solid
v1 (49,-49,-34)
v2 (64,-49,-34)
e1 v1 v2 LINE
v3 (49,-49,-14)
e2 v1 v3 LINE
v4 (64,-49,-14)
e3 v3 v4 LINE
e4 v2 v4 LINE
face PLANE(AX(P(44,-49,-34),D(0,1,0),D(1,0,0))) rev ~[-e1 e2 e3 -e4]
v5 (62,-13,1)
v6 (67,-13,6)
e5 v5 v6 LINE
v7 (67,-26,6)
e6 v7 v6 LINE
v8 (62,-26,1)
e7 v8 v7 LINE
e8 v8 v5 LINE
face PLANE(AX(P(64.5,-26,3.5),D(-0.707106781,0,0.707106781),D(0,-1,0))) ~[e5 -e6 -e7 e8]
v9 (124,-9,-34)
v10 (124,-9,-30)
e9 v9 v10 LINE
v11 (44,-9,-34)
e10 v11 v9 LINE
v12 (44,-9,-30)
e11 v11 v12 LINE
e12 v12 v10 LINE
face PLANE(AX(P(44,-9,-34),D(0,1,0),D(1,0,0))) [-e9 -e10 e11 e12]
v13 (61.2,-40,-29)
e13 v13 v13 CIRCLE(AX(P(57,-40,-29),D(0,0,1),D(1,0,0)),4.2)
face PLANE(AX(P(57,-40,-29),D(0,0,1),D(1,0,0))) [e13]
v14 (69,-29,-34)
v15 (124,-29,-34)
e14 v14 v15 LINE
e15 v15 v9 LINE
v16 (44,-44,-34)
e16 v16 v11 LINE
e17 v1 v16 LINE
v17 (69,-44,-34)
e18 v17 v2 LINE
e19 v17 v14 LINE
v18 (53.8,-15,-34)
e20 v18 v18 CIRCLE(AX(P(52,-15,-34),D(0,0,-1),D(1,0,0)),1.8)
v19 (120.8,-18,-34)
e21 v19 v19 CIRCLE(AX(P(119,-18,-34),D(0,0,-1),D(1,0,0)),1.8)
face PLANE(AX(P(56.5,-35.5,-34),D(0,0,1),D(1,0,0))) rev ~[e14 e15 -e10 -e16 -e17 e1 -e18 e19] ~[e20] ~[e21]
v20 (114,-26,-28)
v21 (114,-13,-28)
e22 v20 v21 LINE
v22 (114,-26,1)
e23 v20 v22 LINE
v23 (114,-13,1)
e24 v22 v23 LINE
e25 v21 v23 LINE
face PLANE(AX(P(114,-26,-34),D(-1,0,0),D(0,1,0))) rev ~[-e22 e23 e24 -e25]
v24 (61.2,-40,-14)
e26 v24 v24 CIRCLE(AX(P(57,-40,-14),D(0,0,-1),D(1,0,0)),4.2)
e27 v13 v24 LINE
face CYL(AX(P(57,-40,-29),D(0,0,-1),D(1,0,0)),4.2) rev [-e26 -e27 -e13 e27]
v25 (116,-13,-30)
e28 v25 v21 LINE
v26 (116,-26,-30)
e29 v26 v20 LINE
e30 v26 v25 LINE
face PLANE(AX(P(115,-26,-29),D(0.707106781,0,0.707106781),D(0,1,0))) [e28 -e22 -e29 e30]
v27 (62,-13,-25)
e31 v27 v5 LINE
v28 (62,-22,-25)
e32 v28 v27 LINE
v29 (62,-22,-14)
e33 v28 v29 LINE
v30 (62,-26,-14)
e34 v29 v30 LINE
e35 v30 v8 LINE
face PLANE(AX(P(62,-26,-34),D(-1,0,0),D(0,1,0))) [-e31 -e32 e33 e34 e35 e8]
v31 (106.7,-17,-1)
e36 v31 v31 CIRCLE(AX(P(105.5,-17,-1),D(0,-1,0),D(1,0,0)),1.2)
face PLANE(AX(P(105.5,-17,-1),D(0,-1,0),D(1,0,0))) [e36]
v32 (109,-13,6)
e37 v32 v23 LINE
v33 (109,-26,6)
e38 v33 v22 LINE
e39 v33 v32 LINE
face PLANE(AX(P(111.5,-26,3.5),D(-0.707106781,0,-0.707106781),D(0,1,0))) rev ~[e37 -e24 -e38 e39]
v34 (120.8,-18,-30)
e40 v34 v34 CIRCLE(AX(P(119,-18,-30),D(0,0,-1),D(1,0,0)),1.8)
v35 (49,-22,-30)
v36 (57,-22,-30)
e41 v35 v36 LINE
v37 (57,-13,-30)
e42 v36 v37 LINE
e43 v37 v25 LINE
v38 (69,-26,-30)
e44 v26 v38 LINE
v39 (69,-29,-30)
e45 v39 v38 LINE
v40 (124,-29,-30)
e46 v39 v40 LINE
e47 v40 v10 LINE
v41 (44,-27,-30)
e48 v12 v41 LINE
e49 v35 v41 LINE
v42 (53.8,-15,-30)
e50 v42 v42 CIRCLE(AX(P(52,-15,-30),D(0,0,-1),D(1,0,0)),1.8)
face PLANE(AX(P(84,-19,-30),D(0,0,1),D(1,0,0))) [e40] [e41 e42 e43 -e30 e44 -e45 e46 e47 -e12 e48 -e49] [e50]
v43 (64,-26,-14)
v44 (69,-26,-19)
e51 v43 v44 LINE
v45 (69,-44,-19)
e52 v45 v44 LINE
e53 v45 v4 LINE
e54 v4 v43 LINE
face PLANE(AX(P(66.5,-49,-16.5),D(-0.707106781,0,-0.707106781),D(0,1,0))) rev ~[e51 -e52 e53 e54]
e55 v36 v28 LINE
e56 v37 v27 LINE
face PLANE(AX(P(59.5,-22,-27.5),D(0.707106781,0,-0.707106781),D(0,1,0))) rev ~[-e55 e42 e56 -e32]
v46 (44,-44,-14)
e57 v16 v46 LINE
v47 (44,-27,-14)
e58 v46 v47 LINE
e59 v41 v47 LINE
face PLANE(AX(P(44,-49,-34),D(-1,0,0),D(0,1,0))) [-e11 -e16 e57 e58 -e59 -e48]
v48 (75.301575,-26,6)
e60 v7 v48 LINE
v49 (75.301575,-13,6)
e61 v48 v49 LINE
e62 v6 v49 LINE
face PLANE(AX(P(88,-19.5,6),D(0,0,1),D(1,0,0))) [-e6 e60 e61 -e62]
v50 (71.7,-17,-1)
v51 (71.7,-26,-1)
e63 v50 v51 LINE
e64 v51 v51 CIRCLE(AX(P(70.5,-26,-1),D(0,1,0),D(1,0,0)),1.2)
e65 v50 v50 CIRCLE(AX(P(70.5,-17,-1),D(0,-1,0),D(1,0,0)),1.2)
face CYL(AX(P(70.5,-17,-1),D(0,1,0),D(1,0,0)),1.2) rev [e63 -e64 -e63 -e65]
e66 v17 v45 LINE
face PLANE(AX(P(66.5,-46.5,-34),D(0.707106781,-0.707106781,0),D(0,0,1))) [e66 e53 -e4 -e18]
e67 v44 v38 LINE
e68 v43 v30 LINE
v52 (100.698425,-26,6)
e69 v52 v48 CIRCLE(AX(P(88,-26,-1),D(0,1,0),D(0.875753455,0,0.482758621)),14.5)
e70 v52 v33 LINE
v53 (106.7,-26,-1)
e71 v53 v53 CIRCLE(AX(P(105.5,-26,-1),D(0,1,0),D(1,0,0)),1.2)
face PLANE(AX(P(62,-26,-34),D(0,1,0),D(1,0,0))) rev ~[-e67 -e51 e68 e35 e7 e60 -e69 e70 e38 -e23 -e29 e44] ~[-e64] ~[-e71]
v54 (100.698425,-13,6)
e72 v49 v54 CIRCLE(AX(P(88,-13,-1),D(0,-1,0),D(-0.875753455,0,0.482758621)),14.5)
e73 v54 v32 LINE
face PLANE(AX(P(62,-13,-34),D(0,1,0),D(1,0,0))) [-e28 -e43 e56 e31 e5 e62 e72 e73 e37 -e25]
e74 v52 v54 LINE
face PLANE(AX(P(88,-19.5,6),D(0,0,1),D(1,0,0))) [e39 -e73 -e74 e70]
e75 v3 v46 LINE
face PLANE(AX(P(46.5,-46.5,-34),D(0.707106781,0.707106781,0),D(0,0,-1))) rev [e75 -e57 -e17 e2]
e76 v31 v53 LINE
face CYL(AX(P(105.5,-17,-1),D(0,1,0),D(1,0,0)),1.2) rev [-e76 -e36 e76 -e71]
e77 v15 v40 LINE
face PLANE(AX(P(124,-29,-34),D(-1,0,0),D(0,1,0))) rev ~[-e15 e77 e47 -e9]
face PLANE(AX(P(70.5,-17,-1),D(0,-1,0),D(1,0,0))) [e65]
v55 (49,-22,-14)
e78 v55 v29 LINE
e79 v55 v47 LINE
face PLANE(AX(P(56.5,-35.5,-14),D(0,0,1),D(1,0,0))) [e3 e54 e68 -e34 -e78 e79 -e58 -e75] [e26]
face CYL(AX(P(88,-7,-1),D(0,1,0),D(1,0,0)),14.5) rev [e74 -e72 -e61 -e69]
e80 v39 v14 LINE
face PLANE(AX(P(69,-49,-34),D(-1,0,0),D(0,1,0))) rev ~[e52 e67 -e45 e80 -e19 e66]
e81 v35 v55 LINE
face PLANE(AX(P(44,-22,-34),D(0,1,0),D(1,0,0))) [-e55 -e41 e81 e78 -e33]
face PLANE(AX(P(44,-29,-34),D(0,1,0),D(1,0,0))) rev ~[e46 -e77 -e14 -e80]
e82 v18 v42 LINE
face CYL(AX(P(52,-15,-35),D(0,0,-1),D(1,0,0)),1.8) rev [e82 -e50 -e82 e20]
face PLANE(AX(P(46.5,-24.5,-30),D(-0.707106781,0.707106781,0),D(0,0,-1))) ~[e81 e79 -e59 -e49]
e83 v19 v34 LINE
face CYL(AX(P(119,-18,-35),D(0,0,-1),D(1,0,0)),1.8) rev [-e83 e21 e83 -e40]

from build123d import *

# Parameters (mm, degrees)
CYLINDER050_R          = 14.5
CYLINDER050_DEPTH      = 22
CYLINDER050_ROLL_ANGLE = 90
CYLINDER047_R          = 1.8
CYLINDER047_DEPTH      = 10
CYLINDER048_R          = 1.2
CYLINDER048_DEPTH      = 10
CYLINDER048_ROLL_ANGLE = 90
CYLINDER049_R          = 1.2
CYLINDER049_DEPTH      = 10
CYLINDER049_ROLL_ANGLE = 90
CYLINDER046_R          = 1.8
CYLINDER046_DEPTH      = 10
BOX006_W               = 52
BOX006_H               = 13
BOX006_DEPTH           = 40
BOX012_W               = 80
BOX012_H               = 20
BOX012_DEPTH           = 4
CYLINDER035_R          = 4.2
CYLINDER035_DEPTH      = 200
BOX007_W               = 25
BOX007_H               = 27
BOX007_DEPTH           = 20
CHAMFER007_SIZE        = 5
CHAMFER008_SIZE        = 5
CHAMFER009_SIZE        = 2
CHAMFER010_SIZE        = 5
CHAMFER011_SIZE        = 5
CHAMFER012_SIZE        = 5
CHAMFER013_SIZE        = 5
CHAMFER014_SIZE        = 5


with BuildPart() as cilindro047:
    # Cylinder050 → Cylinder050 (new body)
    with BuildSketch(Plane.XY):
        Circle(CYLINDER050_R)
    extrude(amount=CYLINDER050_DEPTH)


with BuildPart() as cilindro047_1:
    # Cylinder050 roll: moved
    add(cilindro047.part.rotate(Axis((0, 0, 0), (1, 0, 0)), CYLINDER050_ROLL_ANGLE))


with BuildPart() as cilindro047_2:
    # Cylinder050 placement: moved
    add(cilindro047_1.part.moved(Location((88, -7, -1))))


with BuildPart() as cilindro044:
    # Cylinder047 → Cylinder047 (new body)
    with BuildSketch(Plane(origin=(52, -15, -35), x_dir=(1, 0, 0), z_dir=(0, 0, 1))):
        Circle(CYLINDER047_R)
    extrude(amount=CYLINDER047_DEPTH)


with BuildPart() as cilindro045:
    # Cylinder048 → Cylinder048 (new body)
    with BuildSketch(Plane.XY):
        Circle(CYLINDER048_R)
    extrude(amount=CYLINDER048_DEPTH)


with BuildPart() as cilindro045_1:
    # Cylinder048 roll: moved
    add(cilindro045.part.rotate(Axis((0, 0, 0), (1, 0, 0)), CYLINDER048_ROLL_ANGLE))


with BuildPart() as cilindro045_2:
    # Cylinder048 placement: moved
    add(cilindro045_1.part.moved(Location((70.5, -17, -1))))


with BuildPart() as cilindro046:
    # Cylinder049 → Cylinder049 (new body)
    with BuildSketch(Plane.XY):
        Circle(CYLINDER049_R)
    extrude(amount=CYLINDER049_DEPTH)


with BuildPart() as cilindro046_1:
    # Cylinder049 roll: moved
    add(cilindro046.part.rotate(Axis((0, 0, 0), (1, 0, 0)), CYLINDER049_ROLL_ANGLE))


with BuildPart() as cilindro046_2:
    # Cylinder049 placement: moved
    add(cilindro046_1.part.moved(Location((105.5, -17, -1))))


with BuildPart() as fusion010:
    # Cylinder046 → Cylinder046 (new body)
    with BuildSketch(Plane(origin=(119, -18, -35), x_dir=(1, 0, 0), z_dir=(0, 0, 1))):
        Circle(CYLINDER046_R)
    extrude(amount=CYLINDER046_DEPTH)

    # Fusion010: union Cilindro044, Cilindro045, Cilindro046
    add(cilindro044.part)
    add(cilindro045_2.part)
    add(cilindro046_2.part)


with BuildPart() as cubo006:
    # Box006 → Box006 (new body)
    with BuildSketch(Plane(origin=(62, -26, -34), x_dir=(1, 0, 0), z_dir=(0, 0, 1))):
        with Locations((26, 6.5)):
            Rectangle(BOX006_W, BOX006_H)
    extrude(amount=BOX006_DEPTH)


with BuildPart() as cubo012:
    # Box012 → Box012 (new body)
    with BuildSketch(Plane(origin=(44, -29, -34), x_dir=(1, 0, 0), z_dir=(0, 0, 1))):
        with Locations((40, 10)):
            Rectangle(BOX012_W, BOX012_H)
    extrude(amount=BOX012_DEPTH)


with BuildPart() as cilindro032:
    # Cylinder035 → Cylinder035 (new body)
    with BuildSketch(Plane(origin=(57, -40, -29), x_dir=(1, 0, 0), z_dir=(0, 0, 1))):
        Circle(CYLINDER035_R)
    extrude(amount=CYLINDER035_DEPTH)


with BuildPart() as base_motor:
    # Box007 → Box007 (new body)
    with BuildSketch(Plane(origin=(44, -49, -34), x_dir=(1, 0, 0), z_dir=(0, 0, 1))):
        with Locations((12.5, 13.5)):
            Rectangle(BOX007_W, BOX007_H)
    extrude(amount=BOX007_DEPTH)

    # Cut028: cut Cilindro032
    add(cilindro032.part, mode=Mode.SUBTRACT)

    # Fusion011: union Cubo006, Cubo012
    add(cubo006.part)
    add(cubo012.part)

    # Cut035: cut Fusion010
    add(fusion010.part, mode=Mode.SUBTRACT)

    # Cut036: cut Cilindro047
    add(cilindro047_2.part, mode=Mode.SUBTRACT)

    # Chamfer007
    chamfer007_edges = [base_motor.edges().sort_by_distance(p)[0] for p in [
        (69, -37.5, -14),
    ]]
    chamfer(chamfer007_edges, length=CHAMFER007_SIZE)

    # Chamfer008
    chamfer008_edges = [base_motor.edges().sort_by_distance(p)[0] for p in [
        (62, -17.5, -30),
    ]]
    chamfer(chamfer008_edges, length=CHAMFER008_SIZE)

    # Chamfer009
    chamfer009_edges = [base_motor.edges().sort_by_distance(p)[0] for p in [
        (114, -19.5, -30),
    ]]
    chamfer(chamfer009_edges, length=CHAMFER009_SIZE)

    # Chamfer010
    chamfer010_edges = [base_motor.edges().sort_by_distance(p)[0] for p in [
        (44, -22, -22),
    ]]
    chamfer(chamfer010_edges, length=CHAMFER010_SIZE)

    # Chamfer011
    chamfer011_edges = [base_motor.edges().sort_by_distance(p)[0] for p in [
        (44, -49, -24),
    ]]
    chamfer(chamfer011_edges, length=CHAMFER011_SIZE)

    # Chamfer012
    chamfer012_edges = [base_motor.edges().sort_by_distance(p)[0] for p in [
        (62, -19.5, 6),
    ]]
    chamfer(chamfer012_edges, length=CHAMFER012_SIZE)

    # Chamfer013
    chamfer013_edges = [base_motor.edges().sort_by_distance(p)[0] for p in [
        (114, -19.5, 6),
    ]]
    chamfer(chamfer013_edges, length=CHAMFER013_SIZE)

    # Chamfer014
    chamfer014_edges = [base_motor.edges().sort_by_distance(p)[0] for p in [
        (69, -49, -26.5),
    ]]
    chamfer(chamfer014_edges, length=CHAMFER014_SIZE)


solid = base_motor.part
